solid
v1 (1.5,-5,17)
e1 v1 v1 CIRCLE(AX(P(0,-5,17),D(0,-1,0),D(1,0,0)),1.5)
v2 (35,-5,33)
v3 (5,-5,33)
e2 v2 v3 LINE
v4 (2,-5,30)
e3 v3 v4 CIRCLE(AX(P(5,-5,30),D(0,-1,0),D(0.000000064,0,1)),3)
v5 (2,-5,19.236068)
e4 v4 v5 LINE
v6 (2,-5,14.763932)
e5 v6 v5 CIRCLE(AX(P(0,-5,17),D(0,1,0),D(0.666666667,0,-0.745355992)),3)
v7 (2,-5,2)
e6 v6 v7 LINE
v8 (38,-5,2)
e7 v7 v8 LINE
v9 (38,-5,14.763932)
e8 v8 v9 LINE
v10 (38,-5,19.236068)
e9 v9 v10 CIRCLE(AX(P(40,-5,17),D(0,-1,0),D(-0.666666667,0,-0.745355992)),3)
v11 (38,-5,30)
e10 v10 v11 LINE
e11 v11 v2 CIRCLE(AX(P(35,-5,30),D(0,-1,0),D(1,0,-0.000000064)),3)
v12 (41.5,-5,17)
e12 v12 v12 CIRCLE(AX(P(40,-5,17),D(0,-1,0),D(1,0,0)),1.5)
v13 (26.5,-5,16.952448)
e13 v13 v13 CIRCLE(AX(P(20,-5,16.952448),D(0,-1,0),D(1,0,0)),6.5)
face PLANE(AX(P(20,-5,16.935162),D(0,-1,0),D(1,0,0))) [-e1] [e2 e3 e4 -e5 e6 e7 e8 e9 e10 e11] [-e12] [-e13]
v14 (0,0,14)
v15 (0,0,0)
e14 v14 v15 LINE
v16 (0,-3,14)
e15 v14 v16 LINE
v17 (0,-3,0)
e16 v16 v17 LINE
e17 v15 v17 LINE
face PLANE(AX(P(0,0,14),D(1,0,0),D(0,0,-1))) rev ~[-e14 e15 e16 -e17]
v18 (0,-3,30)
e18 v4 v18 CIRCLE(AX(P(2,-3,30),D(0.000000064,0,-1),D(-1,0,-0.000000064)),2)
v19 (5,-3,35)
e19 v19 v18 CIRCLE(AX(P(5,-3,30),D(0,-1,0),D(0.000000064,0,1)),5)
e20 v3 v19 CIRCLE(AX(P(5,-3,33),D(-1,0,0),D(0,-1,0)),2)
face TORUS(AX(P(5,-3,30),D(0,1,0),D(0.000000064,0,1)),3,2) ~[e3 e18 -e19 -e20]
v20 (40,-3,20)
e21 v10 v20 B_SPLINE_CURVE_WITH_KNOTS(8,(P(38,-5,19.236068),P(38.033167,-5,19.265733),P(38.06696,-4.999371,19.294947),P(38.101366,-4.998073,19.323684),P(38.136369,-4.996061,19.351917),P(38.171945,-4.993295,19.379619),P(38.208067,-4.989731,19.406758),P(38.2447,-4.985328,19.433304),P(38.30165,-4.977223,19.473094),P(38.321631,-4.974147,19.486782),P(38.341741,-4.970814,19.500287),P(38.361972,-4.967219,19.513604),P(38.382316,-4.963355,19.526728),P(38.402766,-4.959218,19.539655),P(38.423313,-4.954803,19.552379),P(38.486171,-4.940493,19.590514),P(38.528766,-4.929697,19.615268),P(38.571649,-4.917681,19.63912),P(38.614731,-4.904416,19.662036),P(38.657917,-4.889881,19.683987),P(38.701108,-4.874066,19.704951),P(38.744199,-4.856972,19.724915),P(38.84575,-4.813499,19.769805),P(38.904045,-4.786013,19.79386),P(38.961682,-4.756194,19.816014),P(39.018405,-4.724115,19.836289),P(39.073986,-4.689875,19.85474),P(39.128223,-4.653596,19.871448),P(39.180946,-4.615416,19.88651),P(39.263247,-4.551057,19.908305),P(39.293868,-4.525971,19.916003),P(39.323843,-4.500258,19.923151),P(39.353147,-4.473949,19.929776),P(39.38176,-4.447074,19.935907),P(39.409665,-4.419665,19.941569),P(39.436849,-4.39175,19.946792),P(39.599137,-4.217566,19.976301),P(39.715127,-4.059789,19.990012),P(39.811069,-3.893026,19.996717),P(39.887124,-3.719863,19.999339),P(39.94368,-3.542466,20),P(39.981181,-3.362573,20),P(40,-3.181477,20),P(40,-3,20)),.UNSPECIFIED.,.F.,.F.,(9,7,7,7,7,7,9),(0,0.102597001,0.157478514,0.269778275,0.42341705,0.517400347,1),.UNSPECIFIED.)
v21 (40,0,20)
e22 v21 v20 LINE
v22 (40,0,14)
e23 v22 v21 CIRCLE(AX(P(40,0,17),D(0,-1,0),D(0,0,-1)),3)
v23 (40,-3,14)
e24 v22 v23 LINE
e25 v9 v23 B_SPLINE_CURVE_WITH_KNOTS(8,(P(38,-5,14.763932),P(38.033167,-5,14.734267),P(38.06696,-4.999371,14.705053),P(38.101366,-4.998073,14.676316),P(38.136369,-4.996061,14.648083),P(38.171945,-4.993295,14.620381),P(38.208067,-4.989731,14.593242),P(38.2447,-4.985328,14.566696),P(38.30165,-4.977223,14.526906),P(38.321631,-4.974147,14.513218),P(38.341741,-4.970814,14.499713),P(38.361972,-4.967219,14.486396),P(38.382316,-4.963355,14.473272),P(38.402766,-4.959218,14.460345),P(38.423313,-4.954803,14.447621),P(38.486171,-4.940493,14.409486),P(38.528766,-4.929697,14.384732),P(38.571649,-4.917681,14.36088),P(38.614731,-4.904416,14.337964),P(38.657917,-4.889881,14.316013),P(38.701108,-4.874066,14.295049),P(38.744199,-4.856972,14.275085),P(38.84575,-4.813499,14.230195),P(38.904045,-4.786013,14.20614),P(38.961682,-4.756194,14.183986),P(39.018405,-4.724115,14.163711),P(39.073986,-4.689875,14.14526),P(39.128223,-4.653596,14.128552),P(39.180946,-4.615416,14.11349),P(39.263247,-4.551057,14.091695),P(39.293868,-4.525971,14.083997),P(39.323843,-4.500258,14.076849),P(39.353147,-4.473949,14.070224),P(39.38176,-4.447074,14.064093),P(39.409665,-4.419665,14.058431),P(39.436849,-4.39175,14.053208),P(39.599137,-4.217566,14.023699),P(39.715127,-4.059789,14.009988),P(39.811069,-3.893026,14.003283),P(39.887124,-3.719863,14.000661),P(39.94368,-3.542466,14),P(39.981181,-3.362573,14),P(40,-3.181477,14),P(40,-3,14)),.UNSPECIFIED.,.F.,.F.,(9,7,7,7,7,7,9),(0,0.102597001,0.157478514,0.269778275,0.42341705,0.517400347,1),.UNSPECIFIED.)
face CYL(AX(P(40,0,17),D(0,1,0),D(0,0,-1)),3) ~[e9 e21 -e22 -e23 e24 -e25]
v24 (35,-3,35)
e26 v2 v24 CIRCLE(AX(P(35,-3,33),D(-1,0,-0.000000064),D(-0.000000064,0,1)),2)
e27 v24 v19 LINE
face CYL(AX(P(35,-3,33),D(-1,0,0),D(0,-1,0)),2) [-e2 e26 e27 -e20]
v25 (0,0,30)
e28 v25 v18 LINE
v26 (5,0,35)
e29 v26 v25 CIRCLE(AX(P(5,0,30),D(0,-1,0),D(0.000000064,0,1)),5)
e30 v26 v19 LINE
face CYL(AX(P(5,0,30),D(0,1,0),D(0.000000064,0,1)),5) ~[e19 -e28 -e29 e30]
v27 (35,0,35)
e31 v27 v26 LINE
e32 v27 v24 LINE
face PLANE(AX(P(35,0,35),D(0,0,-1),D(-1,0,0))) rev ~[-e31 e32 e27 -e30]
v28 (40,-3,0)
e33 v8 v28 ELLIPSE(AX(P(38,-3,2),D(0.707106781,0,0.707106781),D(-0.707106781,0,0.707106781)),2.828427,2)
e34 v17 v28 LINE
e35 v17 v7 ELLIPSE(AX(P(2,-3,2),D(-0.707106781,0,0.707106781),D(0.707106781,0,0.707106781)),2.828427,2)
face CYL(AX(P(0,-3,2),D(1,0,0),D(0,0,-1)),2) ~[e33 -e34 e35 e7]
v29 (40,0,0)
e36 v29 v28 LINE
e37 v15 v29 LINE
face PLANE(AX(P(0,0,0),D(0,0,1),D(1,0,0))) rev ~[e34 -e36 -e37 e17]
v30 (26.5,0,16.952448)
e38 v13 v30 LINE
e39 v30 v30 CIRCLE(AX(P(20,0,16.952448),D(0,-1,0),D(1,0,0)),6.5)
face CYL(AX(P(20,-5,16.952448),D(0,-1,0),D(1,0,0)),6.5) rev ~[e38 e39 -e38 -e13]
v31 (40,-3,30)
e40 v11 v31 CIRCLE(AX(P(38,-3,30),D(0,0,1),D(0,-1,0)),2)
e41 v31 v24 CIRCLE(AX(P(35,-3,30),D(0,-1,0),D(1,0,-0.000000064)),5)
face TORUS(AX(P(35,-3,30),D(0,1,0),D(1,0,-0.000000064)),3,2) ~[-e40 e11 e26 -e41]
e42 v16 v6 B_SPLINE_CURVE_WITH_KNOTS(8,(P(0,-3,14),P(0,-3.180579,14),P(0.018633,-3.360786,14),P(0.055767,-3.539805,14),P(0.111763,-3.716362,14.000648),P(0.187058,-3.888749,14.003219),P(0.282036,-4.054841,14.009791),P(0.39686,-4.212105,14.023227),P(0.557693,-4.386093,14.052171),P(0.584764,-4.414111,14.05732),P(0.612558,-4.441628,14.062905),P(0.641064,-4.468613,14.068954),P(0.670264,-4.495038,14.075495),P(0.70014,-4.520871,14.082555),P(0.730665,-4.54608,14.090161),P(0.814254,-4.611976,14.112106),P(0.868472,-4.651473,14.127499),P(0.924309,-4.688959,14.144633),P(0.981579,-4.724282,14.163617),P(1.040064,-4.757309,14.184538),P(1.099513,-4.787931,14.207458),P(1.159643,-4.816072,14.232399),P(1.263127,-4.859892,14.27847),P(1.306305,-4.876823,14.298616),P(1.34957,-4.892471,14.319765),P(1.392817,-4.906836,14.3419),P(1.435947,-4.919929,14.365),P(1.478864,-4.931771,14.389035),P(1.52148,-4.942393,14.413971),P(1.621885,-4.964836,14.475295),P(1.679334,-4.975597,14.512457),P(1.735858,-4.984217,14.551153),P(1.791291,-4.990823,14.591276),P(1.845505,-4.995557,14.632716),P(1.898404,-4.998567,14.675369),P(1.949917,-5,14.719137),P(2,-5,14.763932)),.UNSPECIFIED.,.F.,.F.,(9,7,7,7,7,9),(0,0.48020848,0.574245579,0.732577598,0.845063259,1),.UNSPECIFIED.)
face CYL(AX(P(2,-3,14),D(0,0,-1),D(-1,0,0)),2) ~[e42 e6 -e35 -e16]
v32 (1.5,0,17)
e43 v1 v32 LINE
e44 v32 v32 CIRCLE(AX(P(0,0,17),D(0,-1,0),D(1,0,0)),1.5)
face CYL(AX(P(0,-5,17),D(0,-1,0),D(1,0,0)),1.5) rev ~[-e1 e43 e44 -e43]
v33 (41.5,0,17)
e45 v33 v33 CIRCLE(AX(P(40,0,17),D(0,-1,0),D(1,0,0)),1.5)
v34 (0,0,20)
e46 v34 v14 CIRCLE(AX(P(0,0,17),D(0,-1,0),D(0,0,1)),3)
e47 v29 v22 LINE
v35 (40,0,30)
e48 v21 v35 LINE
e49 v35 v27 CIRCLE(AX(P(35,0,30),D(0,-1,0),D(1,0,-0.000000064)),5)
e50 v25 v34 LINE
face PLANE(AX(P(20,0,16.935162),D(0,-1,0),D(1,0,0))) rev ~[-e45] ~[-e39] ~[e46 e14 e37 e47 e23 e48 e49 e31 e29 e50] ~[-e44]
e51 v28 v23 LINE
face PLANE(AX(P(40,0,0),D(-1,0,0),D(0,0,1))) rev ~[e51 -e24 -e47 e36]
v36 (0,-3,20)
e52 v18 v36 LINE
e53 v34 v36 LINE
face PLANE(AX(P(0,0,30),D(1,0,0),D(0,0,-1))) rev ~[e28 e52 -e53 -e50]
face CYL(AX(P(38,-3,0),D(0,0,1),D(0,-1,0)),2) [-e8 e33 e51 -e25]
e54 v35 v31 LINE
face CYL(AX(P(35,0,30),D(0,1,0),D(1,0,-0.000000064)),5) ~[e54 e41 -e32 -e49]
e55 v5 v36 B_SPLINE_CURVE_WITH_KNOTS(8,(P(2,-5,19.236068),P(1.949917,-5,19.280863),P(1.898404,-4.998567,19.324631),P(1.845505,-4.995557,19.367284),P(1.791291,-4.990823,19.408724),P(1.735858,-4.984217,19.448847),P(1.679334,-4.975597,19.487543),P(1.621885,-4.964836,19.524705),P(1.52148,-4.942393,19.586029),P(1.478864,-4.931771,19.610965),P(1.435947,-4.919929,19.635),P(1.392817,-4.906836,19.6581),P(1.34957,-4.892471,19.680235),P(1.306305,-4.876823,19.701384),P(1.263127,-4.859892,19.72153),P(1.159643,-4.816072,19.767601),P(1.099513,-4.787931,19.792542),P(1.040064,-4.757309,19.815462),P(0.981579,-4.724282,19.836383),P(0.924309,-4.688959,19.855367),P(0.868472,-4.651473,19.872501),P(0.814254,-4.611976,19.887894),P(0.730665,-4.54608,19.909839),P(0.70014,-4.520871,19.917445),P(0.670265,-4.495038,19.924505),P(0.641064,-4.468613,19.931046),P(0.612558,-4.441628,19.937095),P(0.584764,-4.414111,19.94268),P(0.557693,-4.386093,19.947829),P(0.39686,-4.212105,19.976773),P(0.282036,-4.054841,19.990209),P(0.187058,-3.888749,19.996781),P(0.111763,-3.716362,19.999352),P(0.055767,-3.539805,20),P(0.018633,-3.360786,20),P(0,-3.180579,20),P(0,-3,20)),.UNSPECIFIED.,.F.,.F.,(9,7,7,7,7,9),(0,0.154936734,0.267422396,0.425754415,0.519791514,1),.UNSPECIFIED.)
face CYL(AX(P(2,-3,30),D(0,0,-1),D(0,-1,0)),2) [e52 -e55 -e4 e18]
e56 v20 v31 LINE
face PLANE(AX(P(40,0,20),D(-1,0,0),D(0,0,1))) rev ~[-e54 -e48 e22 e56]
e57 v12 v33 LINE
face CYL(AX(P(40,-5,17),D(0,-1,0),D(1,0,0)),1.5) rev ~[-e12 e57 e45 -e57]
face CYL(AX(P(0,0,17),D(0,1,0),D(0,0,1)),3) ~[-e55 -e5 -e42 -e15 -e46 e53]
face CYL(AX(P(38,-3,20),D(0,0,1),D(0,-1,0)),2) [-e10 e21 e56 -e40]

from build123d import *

# Parameters (mm, degrees)
F1_DEPTH = 5
F2_R     = 1.5
F3_DEPTH = 25
F4_R     = 6.5
F5_DEPTH = 25
F6_R     = 2


with BuildPart() as f1:
    # F0 (on Front) → F1 (new body)
    with BuildSketch(Plane.XZ):
        with BuildLine():
            Line((0, 14), (0, 0))
            Line((0, 0), (40, 0))
            Line((40, 0), (40, 14))
            ThreePointArc((40, 14), (43, 17), (40, 20))
            Line((40, 20), (40, 30))
            ThreePointArc((40, 30), (38.535534, 33.535534), (35, 35))
            Line((35, 35), (5, 35))
            ThreePointArc((5, 35), (1.464466, 33.535534), (0, 30))
            Line((0, 30), (0, 20))
            ThreePointArc((0, 20), (-3, 17), (0, 14))
        make_face()
    extrude(amount=F1_DEPTH)

    # F2 (on face) → F3 (cut)
    with BuildSketch(Plane.XZ.offset(5)):
        with Locations((0, 17)):
            Circle(F2_R)
        with Locations((40, 17)):
            Circle(F2_R)
    extrude(amount=-F3_DEPTH, mode=Mode.SUBTRACT)

    # F4 (on face) → F5 (cut)
    with BuildSketch(Plane.XZ.offset(5)):
        with Locations((20, 16.952448)):
            Circle(F4_R)
    extrude(amount=-F5_DEPTH, mode=Mode.SUBTRACT)

    # F6
    f6_edges = [f1.edges().sort_by_distance(p)[0] for p in [
        (0, -5, 25),
        (40, -5, 7),
        (20, -5, 0),
        (0, -5, 7),
    ]]
    fillet(f6_edges, radius=F6_R)


solid = f1.part
